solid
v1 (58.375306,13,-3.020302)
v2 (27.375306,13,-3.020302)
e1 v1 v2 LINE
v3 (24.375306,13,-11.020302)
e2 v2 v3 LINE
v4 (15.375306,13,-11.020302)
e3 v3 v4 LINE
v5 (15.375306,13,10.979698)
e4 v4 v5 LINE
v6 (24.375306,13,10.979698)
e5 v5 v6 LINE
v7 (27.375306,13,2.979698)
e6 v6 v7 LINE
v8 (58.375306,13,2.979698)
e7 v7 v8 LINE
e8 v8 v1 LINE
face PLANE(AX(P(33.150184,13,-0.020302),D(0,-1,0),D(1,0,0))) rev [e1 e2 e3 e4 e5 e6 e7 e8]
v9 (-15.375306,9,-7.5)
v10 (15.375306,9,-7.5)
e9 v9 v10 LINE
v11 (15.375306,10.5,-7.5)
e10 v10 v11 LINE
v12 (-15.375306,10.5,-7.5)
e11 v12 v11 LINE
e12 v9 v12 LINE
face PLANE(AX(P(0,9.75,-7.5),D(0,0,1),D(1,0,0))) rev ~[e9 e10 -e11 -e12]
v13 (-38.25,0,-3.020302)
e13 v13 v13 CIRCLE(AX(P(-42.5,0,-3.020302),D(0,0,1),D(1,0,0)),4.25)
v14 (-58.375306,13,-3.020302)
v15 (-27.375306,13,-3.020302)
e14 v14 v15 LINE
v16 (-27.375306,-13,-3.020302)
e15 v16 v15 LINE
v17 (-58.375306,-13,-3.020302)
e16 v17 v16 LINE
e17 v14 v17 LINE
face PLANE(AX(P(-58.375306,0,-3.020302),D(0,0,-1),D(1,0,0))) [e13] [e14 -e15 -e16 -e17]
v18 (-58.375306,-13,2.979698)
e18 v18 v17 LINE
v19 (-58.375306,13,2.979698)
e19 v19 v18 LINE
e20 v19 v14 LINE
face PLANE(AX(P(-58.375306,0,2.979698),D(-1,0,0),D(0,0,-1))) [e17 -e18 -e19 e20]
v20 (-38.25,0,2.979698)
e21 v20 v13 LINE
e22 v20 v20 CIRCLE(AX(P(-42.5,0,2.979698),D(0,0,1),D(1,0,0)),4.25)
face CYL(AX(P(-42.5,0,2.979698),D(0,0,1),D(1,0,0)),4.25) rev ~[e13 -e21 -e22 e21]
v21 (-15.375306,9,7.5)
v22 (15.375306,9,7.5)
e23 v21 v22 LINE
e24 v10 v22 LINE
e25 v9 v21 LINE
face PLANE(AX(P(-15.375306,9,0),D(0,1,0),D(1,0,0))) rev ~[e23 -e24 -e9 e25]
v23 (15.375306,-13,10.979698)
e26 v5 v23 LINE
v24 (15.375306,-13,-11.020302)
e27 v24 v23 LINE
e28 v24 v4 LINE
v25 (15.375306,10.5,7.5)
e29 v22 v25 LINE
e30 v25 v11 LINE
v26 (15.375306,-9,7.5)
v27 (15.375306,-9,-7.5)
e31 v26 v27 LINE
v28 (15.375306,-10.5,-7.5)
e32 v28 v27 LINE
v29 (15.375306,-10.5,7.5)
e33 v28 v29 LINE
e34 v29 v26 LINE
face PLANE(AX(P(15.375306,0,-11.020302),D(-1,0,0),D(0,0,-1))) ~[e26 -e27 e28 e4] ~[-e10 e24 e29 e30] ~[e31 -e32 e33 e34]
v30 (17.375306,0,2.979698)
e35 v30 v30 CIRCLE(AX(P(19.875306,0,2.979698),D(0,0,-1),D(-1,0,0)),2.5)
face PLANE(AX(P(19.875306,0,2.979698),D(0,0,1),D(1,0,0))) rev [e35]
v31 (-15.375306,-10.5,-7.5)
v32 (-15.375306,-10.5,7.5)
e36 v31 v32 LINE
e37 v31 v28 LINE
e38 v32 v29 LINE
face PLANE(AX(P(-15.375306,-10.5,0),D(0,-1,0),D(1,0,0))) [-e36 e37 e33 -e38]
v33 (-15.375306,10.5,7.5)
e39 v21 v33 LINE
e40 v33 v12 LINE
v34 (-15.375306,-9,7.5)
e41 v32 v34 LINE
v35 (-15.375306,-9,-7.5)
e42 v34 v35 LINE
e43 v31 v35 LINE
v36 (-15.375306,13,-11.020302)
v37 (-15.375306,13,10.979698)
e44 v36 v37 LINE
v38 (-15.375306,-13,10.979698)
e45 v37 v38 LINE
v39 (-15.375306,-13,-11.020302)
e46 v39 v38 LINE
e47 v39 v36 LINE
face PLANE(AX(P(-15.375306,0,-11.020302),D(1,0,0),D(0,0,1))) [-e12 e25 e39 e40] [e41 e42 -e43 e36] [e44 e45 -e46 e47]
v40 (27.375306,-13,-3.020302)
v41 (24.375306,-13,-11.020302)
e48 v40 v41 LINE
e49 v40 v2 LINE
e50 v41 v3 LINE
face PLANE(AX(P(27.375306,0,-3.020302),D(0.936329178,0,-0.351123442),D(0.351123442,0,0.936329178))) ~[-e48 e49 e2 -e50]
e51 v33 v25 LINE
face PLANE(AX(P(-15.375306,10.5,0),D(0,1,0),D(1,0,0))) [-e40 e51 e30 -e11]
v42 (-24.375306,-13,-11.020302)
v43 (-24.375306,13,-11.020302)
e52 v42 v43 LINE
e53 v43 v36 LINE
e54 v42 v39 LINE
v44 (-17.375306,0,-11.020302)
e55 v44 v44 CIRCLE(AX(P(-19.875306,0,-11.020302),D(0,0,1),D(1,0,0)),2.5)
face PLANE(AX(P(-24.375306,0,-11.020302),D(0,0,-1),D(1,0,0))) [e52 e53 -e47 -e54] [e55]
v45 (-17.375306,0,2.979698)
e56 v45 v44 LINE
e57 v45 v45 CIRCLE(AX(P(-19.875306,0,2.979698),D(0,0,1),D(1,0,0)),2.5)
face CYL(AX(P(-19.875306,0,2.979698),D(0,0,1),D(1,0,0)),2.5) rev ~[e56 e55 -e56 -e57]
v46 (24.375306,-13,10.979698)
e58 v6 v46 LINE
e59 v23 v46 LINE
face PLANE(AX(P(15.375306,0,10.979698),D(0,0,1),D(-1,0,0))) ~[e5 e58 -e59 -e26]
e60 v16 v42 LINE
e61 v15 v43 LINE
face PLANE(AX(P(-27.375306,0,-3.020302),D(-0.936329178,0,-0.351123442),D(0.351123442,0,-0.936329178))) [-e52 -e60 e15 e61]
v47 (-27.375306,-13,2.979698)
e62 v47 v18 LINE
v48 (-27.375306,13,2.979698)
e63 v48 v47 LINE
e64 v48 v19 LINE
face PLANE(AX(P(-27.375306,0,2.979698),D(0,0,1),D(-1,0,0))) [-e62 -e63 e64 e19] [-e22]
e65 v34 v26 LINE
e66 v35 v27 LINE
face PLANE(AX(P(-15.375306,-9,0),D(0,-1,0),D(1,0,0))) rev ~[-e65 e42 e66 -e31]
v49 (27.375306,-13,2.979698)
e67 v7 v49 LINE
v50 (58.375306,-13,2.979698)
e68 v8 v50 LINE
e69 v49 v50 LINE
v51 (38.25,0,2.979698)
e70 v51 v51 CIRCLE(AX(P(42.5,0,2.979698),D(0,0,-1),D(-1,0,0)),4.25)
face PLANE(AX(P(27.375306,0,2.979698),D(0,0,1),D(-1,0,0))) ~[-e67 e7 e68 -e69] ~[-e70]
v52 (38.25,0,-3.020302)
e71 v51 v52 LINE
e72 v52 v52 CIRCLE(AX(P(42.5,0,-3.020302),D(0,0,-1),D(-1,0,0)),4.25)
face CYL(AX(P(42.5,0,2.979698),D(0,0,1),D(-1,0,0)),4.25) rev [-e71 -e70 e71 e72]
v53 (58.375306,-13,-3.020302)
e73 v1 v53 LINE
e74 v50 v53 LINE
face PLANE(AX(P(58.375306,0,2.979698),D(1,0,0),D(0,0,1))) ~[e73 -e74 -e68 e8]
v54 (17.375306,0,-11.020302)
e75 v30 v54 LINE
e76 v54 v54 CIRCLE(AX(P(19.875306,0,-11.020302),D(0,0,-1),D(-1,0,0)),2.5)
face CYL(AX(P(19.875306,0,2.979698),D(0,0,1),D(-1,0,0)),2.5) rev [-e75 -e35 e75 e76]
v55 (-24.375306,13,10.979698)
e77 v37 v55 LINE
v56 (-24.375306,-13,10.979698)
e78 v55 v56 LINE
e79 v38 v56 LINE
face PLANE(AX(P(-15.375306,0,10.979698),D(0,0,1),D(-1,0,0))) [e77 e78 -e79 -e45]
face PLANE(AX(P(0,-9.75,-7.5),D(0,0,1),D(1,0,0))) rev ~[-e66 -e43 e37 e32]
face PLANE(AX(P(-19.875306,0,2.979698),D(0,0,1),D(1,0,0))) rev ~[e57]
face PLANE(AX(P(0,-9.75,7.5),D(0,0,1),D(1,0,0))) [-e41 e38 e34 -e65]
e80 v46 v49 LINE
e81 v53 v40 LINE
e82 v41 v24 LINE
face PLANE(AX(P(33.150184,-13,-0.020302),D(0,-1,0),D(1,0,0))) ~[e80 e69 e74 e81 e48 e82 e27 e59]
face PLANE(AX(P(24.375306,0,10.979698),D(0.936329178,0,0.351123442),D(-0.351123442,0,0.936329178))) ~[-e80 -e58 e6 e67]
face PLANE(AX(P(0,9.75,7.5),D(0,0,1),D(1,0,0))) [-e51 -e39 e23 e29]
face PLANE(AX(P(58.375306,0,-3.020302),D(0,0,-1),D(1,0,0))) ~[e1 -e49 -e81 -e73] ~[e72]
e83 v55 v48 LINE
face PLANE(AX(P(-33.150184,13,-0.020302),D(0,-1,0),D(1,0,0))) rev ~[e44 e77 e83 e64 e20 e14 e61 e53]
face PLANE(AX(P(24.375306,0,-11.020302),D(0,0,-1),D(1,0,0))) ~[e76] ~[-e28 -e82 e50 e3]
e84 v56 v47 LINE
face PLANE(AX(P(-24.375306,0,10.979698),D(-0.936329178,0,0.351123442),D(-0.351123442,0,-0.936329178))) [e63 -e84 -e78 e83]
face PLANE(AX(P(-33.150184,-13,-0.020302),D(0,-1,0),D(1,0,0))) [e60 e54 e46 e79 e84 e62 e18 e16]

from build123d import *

# Parameters (mm, degrees)
F1_DEPTH = 13
F2_R     = 4.25
F2_R_2   = 2.5
F3_DEPTH = 14
F5_W     = 30.750612
F5_H     = 1.5
F6_DEPTH = 7.5


with BuildPart() as f1:
    # F0 (on Front) → F1 (new body, symmetric)
    with BuildSketch(Plane.XZ):
        Polygon((-15.375306, -11.020302), (-15.375306, -8.878698), (-15.375306, 8.878698), (-15.375306, 10.979698), (-24.375306, 10.979698), (-27.375306, 2.979698), (-58.375306, 2.979698), (-58.375306, -3.020302), (-27.375306, -3.020302), (-24.375306, -11.020302), align=None)
    extrude(amount=F1_DEPTH, both=True)

    # F2 (on face) → F3 (cut, through all)
    with BuildSketch(Plane.XY.offset(2.979698)):
        with Locations((-42.5, 0)):
            Circle(F2_R)
        with Locations((-19.875306, 0)):
            Circle(F2_R_2)
    extrude(amount=-F3_DEPTH, mode=Mode.SUBTRACT)



with BuildPart() as f4_1:
    # F4: instance of F1
    add(f1.part.mirror(Plane.YZ))


with BuildPart() as f1_1:
    add(f1.part)

    add(f4_1.part)  # F6 merges F4_1
    # F5 (on Top) → F6 (join, symmetric)
    with BuildSketch(Plane.XY):
        with Locations((0, 9.75)):
            Rectangle(F5_W, F5_H)
        with Locations((0, -9.75)):
            Rectangle(F5_W, F5_H)
    extrude(amount=F6_DEPTH, both=True)


solid = f1_1.part
